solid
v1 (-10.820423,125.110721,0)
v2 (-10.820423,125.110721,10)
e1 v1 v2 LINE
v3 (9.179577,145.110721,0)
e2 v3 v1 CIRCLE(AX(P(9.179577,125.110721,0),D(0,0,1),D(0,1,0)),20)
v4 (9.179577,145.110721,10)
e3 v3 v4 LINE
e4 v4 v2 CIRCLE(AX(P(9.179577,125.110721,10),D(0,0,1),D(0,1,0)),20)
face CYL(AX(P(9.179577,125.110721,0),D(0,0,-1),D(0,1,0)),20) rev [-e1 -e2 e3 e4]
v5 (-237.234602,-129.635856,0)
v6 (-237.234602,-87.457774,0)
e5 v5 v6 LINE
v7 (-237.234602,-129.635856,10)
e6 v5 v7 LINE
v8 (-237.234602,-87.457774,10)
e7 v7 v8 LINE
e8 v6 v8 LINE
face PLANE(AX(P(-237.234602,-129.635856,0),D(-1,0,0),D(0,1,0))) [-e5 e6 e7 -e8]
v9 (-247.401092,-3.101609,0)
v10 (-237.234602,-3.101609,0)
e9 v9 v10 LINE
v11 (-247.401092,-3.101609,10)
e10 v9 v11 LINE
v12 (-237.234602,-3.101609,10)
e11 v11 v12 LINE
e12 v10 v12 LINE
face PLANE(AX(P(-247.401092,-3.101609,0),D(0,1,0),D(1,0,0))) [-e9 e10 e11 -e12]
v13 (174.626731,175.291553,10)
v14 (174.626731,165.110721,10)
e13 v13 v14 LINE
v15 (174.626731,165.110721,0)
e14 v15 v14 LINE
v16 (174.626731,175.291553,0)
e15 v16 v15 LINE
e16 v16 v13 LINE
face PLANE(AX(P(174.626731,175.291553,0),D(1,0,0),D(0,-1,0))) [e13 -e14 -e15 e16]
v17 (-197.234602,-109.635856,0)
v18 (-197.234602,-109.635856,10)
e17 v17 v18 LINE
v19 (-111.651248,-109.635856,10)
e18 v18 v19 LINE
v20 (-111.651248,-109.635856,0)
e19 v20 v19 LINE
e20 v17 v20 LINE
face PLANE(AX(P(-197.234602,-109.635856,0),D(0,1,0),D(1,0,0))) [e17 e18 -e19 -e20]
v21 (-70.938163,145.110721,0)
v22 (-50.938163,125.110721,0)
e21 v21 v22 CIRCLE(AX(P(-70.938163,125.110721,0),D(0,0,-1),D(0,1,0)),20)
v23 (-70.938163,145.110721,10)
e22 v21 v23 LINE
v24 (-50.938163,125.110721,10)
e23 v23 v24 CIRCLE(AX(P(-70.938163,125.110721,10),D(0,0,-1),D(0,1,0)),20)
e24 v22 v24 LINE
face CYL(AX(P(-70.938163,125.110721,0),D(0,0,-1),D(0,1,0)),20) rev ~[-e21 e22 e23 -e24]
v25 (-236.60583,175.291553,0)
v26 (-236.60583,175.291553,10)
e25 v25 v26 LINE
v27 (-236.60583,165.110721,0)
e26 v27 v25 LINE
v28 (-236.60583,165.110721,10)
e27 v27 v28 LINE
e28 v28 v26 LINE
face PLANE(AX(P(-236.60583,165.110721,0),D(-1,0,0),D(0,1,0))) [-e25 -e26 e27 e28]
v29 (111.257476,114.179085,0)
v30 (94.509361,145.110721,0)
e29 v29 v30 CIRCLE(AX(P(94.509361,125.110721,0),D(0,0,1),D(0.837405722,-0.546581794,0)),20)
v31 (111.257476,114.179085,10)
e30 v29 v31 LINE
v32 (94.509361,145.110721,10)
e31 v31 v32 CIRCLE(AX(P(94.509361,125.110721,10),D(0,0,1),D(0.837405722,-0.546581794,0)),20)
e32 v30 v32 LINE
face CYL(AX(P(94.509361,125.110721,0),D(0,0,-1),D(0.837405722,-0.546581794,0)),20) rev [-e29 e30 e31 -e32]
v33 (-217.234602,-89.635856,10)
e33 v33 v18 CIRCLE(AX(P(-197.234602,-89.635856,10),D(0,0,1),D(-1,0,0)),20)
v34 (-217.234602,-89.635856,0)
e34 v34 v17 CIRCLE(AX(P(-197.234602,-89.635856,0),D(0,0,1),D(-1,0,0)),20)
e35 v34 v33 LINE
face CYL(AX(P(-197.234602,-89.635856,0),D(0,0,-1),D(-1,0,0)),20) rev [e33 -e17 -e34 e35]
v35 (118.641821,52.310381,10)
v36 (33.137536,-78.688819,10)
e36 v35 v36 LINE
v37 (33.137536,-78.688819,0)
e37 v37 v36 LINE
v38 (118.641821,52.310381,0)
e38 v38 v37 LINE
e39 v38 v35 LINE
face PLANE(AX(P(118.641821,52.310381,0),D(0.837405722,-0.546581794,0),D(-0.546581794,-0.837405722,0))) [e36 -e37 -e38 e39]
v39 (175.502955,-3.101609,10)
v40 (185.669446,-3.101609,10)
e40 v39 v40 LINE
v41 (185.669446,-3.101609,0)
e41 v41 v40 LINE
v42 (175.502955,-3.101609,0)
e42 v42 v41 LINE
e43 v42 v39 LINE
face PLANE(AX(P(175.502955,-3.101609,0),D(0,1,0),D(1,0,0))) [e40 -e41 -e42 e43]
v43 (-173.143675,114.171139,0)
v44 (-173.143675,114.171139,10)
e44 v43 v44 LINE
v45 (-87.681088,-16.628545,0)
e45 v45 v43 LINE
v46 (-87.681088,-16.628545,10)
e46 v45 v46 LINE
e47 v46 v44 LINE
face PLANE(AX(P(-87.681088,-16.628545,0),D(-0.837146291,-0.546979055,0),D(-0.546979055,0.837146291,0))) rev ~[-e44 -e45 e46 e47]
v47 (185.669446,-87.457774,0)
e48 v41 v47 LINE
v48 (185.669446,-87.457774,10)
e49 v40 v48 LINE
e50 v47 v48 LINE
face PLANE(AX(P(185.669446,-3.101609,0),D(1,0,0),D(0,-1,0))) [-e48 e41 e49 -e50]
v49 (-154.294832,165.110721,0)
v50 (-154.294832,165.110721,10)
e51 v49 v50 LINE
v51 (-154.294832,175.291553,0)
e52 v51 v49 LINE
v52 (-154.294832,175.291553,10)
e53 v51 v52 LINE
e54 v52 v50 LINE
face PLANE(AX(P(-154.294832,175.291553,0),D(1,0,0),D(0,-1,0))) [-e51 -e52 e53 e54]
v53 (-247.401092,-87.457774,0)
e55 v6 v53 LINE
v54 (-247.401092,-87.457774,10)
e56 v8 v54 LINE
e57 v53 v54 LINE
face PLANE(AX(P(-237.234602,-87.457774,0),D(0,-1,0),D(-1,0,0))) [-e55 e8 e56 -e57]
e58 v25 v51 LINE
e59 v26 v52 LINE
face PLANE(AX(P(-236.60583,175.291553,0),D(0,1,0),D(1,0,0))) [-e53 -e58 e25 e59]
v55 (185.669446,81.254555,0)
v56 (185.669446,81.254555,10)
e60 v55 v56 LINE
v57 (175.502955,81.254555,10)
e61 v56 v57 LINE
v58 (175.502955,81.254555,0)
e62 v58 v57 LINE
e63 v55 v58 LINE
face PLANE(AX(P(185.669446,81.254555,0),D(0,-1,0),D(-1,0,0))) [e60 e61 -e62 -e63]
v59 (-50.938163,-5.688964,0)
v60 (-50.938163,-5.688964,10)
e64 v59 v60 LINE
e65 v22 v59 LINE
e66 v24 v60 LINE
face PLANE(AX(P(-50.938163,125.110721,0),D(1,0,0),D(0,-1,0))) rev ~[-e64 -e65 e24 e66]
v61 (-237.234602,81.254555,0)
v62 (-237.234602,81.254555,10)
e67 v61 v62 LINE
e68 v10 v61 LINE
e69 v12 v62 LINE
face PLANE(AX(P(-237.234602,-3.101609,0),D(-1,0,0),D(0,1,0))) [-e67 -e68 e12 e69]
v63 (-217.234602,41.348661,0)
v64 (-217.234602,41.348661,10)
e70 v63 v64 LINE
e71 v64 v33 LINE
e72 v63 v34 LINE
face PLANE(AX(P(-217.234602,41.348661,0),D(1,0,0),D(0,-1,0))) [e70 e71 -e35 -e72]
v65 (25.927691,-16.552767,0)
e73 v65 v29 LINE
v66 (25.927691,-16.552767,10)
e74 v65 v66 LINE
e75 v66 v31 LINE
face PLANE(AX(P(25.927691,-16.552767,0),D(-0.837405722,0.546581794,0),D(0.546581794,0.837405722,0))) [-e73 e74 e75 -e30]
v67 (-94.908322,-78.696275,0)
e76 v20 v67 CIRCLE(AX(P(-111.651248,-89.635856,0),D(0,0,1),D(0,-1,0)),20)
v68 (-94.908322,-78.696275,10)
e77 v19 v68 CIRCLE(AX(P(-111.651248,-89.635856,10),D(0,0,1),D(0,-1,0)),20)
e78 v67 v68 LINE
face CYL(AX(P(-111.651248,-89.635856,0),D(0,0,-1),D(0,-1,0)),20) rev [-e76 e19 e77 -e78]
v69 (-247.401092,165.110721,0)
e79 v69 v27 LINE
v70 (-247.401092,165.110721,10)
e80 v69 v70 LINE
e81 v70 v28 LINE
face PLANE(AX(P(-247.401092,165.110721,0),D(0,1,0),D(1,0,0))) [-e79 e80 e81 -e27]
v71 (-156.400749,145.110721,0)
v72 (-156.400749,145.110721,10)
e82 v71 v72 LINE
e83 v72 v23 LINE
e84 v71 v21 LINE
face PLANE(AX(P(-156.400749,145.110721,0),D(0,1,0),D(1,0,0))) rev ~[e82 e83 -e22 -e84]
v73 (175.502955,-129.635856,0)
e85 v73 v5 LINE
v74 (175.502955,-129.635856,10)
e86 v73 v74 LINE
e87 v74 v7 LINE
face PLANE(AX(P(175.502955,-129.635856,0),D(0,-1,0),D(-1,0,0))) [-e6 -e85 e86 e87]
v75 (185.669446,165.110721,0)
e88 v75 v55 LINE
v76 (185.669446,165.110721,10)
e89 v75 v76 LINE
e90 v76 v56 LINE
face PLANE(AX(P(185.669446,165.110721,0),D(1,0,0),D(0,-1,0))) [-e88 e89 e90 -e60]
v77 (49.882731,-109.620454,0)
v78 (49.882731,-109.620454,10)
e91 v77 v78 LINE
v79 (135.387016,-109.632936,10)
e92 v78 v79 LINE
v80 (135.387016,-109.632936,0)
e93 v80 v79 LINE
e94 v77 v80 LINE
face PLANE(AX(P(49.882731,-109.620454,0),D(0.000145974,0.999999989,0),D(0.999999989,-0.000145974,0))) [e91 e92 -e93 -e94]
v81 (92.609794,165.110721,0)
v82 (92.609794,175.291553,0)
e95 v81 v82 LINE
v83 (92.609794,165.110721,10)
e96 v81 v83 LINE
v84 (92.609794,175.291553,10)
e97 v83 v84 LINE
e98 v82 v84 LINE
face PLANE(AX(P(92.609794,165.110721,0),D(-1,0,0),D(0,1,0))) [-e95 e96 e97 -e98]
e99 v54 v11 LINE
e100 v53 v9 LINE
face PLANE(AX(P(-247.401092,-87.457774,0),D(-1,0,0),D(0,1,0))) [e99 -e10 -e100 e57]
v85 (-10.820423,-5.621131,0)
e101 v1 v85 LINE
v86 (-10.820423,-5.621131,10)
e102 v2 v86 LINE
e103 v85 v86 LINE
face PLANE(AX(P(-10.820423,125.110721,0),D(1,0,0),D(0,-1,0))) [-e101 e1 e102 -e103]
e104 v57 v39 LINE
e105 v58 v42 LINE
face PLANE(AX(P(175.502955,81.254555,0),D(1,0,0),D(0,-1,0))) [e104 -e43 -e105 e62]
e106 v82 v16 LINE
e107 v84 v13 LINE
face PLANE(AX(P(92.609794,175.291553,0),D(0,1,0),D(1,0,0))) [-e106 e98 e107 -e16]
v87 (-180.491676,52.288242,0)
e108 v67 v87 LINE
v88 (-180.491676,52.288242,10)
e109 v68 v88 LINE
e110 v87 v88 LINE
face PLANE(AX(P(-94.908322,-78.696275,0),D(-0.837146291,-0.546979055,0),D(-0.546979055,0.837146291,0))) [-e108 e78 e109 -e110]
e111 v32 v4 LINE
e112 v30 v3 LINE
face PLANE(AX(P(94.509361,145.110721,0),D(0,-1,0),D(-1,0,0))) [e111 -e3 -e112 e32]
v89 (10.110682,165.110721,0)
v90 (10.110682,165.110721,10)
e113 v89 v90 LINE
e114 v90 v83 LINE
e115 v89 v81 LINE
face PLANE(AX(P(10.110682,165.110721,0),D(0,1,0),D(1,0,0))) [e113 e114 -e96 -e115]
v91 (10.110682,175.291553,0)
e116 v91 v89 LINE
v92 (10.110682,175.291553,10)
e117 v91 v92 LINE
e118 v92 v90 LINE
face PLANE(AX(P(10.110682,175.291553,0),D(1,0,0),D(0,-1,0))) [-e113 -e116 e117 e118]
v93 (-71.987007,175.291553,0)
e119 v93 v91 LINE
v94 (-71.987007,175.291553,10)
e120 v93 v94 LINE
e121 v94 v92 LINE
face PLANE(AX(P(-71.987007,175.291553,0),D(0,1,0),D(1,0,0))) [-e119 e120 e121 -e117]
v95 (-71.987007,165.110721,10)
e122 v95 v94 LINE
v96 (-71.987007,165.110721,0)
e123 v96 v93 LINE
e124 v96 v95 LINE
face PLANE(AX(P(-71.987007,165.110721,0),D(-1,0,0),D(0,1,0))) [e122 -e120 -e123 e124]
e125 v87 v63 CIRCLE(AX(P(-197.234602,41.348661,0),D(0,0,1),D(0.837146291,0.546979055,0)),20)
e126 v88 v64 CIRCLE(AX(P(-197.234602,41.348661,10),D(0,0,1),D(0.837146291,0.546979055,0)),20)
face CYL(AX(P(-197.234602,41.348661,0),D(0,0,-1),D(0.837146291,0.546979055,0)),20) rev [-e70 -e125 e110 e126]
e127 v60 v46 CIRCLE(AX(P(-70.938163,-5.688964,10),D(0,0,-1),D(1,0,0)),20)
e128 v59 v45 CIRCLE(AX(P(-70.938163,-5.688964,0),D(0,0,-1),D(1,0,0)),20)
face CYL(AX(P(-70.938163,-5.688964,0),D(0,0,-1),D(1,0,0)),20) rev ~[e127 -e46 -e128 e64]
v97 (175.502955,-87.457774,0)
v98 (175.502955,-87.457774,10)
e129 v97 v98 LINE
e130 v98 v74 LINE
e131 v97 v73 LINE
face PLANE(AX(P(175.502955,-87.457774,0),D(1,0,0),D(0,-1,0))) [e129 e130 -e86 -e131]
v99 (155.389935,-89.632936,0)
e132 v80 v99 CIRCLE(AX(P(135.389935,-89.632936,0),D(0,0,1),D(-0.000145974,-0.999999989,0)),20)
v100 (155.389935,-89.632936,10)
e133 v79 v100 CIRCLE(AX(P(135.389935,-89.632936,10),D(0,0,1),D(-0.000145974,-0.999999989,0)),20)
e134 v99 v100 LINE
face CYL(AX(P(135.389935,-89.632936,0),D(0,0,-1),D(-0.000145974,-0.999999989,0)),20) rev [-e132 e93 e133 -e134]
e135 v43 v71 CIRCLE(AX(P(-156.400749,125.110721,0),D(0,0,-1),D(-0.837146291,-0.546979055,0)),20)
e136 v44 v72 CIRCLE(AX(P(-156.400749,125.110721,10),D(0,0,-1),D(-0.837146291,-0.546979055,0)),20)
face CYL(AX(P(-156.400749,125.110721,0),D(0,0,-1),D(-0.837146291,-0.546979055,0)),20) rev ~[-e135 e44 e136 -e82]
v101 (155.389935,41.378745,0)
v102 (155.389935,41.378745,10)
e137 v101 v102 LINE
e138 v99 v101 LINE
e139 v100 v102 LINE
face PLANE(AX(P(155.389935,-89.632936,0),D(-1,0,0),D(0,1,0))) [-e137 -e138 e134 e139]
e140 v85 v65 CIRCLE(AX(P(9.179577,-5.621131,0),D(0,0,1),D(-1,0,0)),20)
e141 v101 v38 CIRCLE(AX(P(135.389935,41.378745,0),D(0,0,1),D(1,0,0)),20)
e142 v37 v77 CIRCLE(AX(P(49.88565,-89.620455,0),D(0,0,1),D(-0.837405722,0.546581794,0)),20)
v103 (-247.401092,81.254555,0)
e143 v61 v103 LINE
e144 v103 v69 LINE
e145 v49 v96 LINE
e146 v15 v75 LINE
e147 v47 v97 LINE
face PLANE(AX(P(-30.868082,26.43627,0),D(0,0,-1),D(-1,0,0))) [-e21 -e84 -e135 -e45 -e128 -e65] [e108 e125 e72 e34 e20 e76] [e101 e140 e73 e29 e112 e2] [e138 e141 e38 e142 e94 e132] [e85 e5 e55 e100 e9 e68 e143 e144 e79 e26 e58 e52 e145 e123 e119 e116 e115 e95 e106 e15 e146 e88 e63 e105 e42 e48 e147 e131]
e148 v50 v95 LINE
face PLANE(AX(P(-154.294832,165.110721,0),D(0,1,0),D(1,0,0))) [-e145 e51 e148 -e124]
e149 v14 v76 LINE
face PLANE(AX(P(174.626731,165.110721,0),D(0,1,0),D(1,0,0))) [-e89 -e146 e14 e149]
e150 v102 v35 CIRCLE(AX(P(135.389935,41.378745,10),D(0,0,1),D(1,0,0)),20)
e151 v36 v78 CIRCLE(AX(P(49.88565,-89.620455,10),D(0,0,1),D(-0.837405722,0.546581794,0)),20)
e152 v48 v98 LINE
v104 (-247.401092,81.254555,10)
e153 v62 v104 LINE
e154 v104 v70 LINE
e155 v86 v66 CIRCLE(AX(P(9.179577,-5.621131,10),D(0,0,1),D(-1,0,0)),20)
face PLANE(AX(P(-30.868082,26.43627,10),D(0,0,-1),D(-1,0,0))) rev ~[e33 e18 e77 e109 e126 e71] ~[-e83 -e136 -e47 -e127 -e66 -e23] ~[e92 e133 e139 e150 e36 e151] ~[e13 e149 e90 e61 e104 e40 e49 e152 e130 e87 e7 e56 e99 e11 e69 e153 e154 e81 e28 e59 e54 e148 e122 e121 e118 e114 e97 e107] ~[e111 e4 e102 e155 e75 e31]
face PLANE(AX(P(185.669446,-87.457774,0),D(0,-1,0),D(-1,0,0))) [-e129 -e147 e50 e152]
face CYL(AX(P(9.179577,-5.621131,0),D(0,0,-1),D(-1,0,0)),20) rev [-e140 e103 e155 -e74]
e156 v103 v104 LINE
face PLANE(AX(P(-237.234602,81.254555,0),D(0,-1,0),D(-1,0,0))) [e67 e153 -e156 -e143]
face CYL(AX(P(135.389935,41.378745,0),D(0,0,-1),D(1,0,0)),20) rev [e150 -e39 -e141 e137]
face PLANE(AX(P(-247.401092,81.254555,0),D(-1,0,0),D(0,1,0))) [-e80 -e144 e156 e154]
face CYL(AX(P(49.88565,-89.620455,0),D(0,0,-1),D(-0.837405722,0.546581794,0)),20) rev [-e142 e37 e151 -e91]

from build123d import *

# Parameters (mm, degrees)
BOSS_EXTRUDE1_DEPTH = 10


with BuildPart() as part:
    # Sketch1 → Boss-Extrude1 (new body)
    with BuildSketch(Plane.XY):
        Polygon((-237.234601608, -129.63585579), (-237.234601608, -87.457773568), (-247.40109201, -87.457773568), (-247.40109201, -3.101609123), (-237.234601608, -3.101609123), (-237.234601608, 81.254555321), (-247.40109201, 81.254555321), (-247.40109201, 165.110720504), (-236.605829759, 165.110720504), (-236.605829759, 175.291552649), (-154.294832327, 175.291552649), (-154.294832327, 165.110720504), (-71.987006932, 165.110720504), (-71.987006932, 175.291552649), (10.110681918, 175.291552649), (10.110681918, 165.110720504), (92.609794057, 165.110720504), (92.609794057, 175.291552649), (174.626730953, 175.291552649), (174.626730953, 165.110720504), (185.669445552, 165.110720504), (185.669445552, 81.254555321), (175.502955151, 81.254555321), (175.502955151, -3.101609123), (185.669445552, -3.101609123), (185.669445552, -87.457773568), (175.502955151, -87.457773568), (175.502955151, -129.63585579), align=None)
        with BuildLine():
            Line((-50.938162507, 125.110720504), (-50.938162507, -5.688963776))
            ThreePointArc((-50.938162507, -5.688963776), (-65.231084294, -24.857408112), (-87.681088334, -16.62854488))
            Line((-87.681088334, -16.62854488), (-173.143675307, 114.1711394))
            ThreePointArc((-173.143675307, 114.1711394), (-173.99040016, 134.629343774), (-156.400749479, 145.110720504))
            Line((-156.400749479, 145.110720504), (-70.938162507, 145.110720504))
            ThreePointArc((-70.938162507, 145.110720504), (-56.796026883, 139.252856128), (-50.938162507, 125.110720504))
        make_face(mode=Mode.SUBTRACT)
        with BuildLine():
            Line((-217.234601608, 41.348661081), (-217.234601608, -89.63585579))
            ThreePointArc((-217.234601608, -89.63585579), (-211.376737232, -103.777991414), (-197.234601608, -109.63585579))
            Line((-197.234601608, -109.63585579), (-111.651247744, -109.63585579))
            ThreePointArc((-111.651247744, -109.63585579), (-94.061597063, -99.15447906), (-94.908321917, -78.696274685))
            Line((-94.908321917, -78.696274685), (-180.491675781, 52.288242186))
            ThreePointArc((-180.491675781, 52.288242186), (-202.941679822, 60.517105417), (-217.234601608, 41.348661081))
        make_face(mode=Mode.SUBTRACT)
        with BuildLine():
            Line((-10.820423043, 125.110720504), (-10.820423043, -5.621130667))
            ThreePointArc((-10.820423043, -5.621130667), (3.47704632, -24.79092838), (25.92769139, -16.552766545))
            Line((25.92769139, -16.552766545), (111.257475845, 114.179084627))
            ThreePointArc((111.257475845, 114.179084627), (112.096753452, 134.633516377), (94.509361412, 145.110720504))
            Line((94.509361412, 145.110720504), (9.179576957, 145.110720504))
            ThreePointArc((9.179576957, 145.110720504), (-4.962558666, 139.252856128), (-10.820423043, 125.110720504))
        make_face(mode=Mode.SUBTRACT)
        with BuildLine():
            Line((118.641820815, 52.310380527), (33.137535964, -78.688818793))
            ThreePointArc((33.137535964, -78.688818793), (32.297563362, -99.141966865), (49.882730912, -109.620454457))
            Line((49.882730912, -109.620454457), (135.387015764, -109.632935879))
            ThreePointArc((135.387015764, -109.632935879), (149.53103864, -103.776103872), (155.389935248, -89.632936092))
            Line((155.389935248, -89.632936092), (155.389935248, 41.37874465))
            ThreePointArc((155.389935248, 41.37874465), (141.092465886, 60.548542362), (118.641820815, 52.310380527))
        make_face(mode=Mode.SUBTRACT)
    extrude(amount=BOSS_EXTRUDE1_DEPTH)


solid = part.part
